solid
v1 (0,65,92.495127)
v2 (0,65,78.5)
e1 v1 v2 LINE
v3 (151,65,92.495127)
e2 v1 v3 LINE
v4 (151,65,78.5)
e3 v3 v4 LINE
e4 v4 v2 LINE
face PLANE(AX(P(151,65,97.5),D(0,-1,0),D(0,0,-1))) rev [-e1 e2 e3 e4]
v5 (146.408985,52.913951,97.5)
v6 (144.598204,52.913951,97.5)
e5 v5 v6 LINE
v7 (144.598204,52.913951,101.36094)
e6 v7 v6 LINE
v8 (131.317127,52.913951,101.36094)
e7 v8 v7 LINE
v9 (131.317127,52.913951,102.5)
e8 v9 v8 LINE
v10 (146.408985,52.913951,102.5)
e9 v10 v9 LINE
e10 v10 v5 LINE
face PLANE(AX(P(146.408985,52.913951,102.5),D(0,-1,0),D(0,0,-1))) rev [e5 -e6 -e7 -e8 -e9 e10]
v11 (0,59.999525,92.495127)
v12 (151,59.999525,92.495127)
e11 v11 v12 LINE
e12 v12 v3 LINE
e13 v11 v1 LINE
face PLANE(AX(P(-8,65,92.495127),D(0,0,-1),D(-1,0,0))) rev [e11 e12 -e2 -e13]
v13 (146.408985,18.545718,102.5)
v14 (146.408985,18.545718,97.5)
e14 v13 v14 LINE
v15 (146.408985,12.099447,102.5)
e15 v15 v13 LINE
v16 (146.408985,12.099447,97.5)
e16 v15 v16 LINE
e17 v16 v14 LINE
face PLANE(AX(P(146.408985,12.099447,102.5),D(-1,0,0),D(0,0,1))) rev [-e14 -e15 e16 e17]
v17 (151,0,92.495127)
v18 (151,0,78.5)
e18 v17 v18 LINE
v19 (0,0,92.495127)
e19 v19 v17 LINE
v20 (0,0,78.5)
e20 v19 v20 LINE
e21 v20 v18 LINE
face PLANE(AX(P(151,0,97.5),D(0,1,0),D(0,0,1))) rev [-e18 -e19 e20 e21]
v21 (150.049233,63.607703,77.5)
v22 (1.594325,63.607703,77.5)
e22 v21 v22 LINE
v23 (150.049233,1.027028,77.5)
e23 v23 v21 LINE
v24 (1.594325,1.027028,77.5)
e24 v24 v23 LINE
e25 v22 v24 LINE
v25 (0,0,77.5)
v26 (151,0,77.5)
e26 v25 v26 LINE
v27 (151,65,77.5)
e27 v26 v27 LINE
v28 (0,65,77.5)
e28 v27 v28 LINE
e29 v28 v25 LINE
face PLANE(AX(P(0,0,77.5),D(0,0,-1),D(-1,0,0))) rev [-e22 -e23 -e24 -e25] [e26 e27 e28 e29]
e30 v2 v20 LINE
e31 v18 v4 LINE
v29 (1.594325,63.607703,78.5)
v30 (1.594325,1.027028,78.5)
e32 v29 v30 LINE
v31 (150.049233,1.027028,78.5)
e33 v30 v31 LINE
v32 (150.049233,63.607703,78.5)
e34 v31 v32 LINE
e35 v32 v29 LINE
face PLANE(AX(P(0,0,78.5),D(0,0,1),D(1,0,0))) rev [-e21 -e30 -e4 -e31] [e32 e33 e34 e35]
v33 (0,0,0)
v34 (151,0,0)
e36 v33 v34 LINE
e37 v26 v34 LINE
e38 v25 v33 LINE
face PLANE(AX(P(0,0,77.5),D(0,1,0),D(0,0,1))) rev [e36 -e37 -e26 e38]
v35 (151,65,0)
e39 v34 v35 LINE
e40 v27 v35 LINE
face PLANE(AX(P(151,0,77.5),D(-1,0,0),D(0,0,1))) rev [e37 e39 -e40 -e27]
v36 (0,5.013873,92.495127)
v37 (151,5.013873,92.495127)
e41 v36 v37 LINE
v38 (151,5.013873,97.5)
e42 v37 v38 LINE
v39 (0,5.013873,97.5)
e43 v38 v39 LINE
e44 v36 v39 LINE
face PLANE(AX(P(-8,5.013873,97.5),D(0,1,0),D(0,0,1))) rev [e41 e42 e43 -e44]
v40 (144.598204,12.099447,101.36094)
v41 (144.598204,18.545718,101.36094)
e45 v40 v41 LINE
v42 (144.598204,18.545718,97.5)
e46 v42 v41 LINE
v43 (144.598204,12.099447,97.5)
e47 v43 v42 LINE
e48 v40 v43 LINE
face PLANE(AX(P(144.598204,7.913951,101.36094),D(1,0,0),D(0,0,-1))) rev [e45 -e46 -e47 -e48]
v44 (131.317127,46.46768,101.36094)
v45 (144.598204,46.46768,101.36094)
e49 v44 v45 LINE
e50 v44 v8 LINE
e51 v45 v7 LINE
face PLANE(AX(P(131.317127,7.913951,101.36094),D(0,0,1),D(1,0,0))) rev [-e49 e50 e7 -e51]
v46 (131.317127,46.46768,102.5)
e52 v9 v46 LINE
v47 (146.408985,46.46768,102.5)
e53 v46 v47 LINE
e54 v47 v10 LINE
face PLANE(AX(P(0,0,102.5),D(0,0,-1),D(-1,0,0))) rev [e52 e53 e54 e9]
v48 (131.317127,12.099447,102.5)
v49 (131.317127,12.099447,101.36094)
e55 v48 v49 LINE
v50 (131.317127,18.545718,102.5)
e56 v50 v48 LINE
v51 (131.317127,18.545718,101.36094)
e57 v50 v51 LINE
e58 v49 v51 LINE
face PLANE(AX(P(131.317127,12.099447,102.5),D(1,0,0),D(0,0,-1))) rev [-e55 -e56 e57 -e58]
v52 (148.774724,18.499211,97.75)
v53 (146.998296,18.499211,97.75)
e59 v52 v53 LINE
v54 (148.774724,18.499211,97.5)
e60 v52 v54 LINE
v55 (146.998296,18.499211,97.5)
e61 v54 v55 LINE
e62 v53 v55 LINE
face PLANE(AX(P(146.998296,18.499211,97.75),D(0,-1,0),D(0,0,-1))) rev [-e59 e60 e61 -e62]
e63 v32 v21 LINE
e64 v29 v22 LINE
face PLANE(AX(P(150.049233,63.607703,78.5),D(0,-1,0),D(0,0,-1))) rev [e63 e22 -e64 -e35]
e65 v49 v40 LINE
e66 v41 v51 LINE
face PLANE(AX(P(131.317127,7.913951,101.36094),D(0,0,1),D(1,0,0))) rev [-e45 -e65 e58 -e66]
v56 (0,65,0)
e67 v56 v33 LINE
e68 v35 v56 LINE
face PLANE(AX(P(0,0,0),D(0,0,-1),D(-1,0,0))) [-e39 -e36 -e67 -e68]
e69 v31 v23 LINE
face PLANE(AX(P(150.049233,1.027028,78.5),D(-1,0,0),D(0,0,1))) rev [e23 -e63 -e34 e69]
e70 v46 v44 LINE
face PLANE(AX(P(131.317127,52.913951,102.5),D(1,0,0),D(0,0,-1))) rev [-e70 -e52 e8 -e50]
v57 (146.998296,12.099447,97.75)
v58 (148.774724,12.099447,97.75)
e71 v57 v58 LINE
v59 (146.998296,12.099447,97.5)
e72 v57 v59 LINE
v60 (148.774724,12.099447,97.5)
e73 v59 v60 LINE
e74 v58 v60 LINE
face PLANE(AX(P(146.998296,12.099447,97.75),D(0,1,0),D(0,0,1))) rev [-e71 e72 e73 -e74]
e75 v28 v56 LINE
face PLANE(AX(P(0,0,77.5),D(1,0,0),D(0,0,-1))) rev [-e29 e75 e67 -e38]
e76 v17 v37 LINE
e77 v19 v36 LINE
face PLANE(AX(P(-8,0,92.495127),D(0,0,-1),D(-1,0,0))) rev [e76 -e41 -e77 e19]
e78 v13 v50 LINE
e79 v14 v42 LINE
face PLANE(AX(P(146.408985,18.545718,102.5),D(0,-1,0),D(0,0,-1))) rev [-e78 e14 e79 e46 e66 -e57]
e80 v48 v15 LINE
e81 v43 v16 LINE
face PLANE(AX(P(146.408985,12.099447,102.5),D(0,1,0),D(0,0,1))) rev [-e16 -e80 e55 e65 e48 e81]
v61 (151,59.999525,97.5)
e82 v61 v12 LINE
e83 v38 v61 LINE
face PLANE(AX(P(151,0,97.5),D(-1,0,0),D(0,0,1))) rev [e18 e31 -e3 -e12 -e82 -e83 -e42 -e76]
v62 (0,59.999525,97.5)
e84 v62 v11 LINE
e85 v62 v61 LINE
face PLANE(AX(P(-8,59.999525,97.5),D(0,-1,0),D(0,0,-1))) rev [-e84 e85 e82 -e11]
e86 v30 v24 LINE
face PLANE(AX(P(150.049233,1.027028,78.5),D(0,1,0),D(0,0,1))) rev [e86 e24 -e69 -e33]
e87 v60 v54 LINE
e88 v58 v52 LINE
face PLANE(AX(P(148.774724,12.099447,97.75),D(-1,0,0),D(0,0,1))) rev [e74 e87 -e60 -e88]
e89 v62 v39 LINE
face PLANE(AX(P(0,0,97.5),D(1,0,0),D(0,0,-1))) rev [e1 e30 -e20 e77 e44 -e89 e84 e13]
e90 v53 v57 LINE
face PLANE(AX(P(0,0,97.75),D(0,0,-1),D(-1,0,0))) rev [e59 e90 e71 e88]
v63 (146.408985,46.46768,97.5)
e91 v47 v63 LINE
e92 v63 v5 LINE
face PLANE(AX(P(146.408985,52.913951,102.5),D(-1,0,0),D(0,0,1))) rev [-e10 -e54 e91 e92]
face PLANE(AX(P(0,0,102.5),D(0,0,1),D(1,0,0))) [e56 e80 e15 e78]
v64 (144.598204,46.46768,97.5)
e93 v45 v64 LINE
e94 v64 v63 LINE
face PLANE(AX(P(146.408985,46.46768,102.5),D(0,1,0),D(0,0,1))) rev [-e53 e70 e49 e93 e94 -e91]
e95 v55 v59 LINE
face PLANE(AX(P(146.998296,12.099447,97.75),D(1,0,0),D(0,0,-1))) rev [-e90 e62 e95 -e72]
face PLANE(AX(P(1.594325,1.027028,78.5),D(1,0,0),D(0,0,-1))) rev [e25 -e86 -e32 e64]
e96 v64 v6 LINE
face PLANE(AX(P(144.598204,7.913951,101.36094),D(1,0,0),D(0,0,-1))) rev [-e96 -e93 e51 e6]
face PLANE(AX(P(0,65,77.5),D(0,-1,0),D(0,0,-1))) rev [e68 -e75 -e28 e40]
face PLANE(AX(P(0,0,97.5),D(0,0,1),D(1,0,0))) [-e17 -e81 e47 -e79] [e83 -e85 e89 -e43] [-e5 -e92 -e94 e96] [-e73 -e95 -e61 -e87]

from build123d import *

# Parameters (mm, degrees)
ESQUISSE1_W             = 151
ESQUISSE1_H             = 65
BOSS_EXTRU_1_DEPTH      = 77.5
ESQUISSE3_W             = 148.454907539
ESQUISSE3_H             = 62.58067557
BOSS_EXTRU_4_DEPTH      = 1
ESQUISSE4_W             = 151
ESQUISSE4_H             = 65
BOSS_EXTRU_5_DEPTH      = 19
ESQUISSE5_W             = 5.004872729
ESQUISSE5_H             = 5.013872644
ESQUISSE5_H_2           = 5.00047463
ENL_V_MAT_EXTRU_1_DEPTH = 159
ESQUISSE6_W             = 15.091858935
ESQUISSE6_H             = 6.446271405
BOSS_EXTRU_6_DEPTH      = 5
ESQUISSE7_W             = 13.28107707
ESQUISSE7_H             = 3.860939677
ENL_V_MAT_EXTRU_2_DEPTH = 45
ESQUISSE8_W             = 1.776428529
ESQUISSE8_H             = 6.399764331
BOSS_EXTRU_7_DEPTH      = 0.25


with BuildPart() as part:
    # Esquisse1 → Boss.-Extru.1 (new body)
    with BuildSketch(Plane.XY):
        with Locations((75.5, 32.5)):
            Rectangle(ESQUISSE1_W, ESQUISSE1_H)
    extrude(amount=BOSS_EXTRU_1_DEPTH)

    # Esquisse3 → Boss.-Extru.4 (add)
    with BuildSketch(Plane.XY.offset(77.5)):
        with Locations((75.821779061, 32.317365634)):
            Rectangle(ESQUISSE3_W, ESQUISSE3_H)
    extrude(amount=BOSS_EXTRU_4_DEPTH)

    # Esquisse4 → Boss.-Extru.5 (add)
    with BuildSketch(Plane.XY.offset(78.5)):
        with Locations((75.5, 32.5)):
            Rectangle(ESQUISSE4_W, ESQUISSE4_H)
    extrude(amount=BOSS_EXTRU_5_DEPTH)

    # Esquisse5 → Enlèv. mat.-Extru.1 (cut)
    with BuildSketch(Plane(origin=(151, 0, 0), x_dir=(0, 0, -1), z_dir=(1, 0, 0))):
        with Locations((-94.997563636, 2.506936322)):
            Rectangle(ESQUISSE5_W, ESQUISSE5_H)
        with Locations((-94.997563636, 62.499762685)):
            Rectangle(ESQUISSE5_W, ESQUISSE5_H_2)
    extrude(amount=-ENL_V_MAT_EXTRU_1_DEPTH, mode=Mode.SUBTRACT)

    # Esquisse6 → Boss.-Extru.6 (add)
    with BuildSketch(Plane.XY.offset(97.5)):
        with Locations((138.863055981, 49.690815345)):
            Rectangle(ESQUISSE6_W, ESQUISSE6_H)
        with Locations((138.863055981, 15.32258267)):
            Rectangle(ESQUISSE6_W, ESQUISSE6_H)
    extrude(amount=BOSS_EXTRU_6_DEPTH)

    # Esquisse7 → Enlèv. mat.-Extru.2 (cut)
    with BuildSketch(Plane(origin=(0, 52.913951047, 0), x_dir=(1, 0, 0), z_dir=(0, 1, 0))):
        with Locations((137.957665049, -99.430469839)):
            Rectangle(ESQUISSE7_W, ESQUISSE7_H)
    extrude(amount=-ENL_V_MAT_EXTRU_2_DEPTH, mode=Mode.SUBTRACT)

    # Esquisse8 → Boss.-Extru.7 (add)
    with BuildSketch(Plane.XY.offset(97.5)):
        with Locations((147.886510026, 15.299329133)):
            Rectangle(ESQUISSE8_W, ESQUISSE8_H)
    extrude(amount=BOSS_EXTRU_7_DEPTH)


solid = part.part
